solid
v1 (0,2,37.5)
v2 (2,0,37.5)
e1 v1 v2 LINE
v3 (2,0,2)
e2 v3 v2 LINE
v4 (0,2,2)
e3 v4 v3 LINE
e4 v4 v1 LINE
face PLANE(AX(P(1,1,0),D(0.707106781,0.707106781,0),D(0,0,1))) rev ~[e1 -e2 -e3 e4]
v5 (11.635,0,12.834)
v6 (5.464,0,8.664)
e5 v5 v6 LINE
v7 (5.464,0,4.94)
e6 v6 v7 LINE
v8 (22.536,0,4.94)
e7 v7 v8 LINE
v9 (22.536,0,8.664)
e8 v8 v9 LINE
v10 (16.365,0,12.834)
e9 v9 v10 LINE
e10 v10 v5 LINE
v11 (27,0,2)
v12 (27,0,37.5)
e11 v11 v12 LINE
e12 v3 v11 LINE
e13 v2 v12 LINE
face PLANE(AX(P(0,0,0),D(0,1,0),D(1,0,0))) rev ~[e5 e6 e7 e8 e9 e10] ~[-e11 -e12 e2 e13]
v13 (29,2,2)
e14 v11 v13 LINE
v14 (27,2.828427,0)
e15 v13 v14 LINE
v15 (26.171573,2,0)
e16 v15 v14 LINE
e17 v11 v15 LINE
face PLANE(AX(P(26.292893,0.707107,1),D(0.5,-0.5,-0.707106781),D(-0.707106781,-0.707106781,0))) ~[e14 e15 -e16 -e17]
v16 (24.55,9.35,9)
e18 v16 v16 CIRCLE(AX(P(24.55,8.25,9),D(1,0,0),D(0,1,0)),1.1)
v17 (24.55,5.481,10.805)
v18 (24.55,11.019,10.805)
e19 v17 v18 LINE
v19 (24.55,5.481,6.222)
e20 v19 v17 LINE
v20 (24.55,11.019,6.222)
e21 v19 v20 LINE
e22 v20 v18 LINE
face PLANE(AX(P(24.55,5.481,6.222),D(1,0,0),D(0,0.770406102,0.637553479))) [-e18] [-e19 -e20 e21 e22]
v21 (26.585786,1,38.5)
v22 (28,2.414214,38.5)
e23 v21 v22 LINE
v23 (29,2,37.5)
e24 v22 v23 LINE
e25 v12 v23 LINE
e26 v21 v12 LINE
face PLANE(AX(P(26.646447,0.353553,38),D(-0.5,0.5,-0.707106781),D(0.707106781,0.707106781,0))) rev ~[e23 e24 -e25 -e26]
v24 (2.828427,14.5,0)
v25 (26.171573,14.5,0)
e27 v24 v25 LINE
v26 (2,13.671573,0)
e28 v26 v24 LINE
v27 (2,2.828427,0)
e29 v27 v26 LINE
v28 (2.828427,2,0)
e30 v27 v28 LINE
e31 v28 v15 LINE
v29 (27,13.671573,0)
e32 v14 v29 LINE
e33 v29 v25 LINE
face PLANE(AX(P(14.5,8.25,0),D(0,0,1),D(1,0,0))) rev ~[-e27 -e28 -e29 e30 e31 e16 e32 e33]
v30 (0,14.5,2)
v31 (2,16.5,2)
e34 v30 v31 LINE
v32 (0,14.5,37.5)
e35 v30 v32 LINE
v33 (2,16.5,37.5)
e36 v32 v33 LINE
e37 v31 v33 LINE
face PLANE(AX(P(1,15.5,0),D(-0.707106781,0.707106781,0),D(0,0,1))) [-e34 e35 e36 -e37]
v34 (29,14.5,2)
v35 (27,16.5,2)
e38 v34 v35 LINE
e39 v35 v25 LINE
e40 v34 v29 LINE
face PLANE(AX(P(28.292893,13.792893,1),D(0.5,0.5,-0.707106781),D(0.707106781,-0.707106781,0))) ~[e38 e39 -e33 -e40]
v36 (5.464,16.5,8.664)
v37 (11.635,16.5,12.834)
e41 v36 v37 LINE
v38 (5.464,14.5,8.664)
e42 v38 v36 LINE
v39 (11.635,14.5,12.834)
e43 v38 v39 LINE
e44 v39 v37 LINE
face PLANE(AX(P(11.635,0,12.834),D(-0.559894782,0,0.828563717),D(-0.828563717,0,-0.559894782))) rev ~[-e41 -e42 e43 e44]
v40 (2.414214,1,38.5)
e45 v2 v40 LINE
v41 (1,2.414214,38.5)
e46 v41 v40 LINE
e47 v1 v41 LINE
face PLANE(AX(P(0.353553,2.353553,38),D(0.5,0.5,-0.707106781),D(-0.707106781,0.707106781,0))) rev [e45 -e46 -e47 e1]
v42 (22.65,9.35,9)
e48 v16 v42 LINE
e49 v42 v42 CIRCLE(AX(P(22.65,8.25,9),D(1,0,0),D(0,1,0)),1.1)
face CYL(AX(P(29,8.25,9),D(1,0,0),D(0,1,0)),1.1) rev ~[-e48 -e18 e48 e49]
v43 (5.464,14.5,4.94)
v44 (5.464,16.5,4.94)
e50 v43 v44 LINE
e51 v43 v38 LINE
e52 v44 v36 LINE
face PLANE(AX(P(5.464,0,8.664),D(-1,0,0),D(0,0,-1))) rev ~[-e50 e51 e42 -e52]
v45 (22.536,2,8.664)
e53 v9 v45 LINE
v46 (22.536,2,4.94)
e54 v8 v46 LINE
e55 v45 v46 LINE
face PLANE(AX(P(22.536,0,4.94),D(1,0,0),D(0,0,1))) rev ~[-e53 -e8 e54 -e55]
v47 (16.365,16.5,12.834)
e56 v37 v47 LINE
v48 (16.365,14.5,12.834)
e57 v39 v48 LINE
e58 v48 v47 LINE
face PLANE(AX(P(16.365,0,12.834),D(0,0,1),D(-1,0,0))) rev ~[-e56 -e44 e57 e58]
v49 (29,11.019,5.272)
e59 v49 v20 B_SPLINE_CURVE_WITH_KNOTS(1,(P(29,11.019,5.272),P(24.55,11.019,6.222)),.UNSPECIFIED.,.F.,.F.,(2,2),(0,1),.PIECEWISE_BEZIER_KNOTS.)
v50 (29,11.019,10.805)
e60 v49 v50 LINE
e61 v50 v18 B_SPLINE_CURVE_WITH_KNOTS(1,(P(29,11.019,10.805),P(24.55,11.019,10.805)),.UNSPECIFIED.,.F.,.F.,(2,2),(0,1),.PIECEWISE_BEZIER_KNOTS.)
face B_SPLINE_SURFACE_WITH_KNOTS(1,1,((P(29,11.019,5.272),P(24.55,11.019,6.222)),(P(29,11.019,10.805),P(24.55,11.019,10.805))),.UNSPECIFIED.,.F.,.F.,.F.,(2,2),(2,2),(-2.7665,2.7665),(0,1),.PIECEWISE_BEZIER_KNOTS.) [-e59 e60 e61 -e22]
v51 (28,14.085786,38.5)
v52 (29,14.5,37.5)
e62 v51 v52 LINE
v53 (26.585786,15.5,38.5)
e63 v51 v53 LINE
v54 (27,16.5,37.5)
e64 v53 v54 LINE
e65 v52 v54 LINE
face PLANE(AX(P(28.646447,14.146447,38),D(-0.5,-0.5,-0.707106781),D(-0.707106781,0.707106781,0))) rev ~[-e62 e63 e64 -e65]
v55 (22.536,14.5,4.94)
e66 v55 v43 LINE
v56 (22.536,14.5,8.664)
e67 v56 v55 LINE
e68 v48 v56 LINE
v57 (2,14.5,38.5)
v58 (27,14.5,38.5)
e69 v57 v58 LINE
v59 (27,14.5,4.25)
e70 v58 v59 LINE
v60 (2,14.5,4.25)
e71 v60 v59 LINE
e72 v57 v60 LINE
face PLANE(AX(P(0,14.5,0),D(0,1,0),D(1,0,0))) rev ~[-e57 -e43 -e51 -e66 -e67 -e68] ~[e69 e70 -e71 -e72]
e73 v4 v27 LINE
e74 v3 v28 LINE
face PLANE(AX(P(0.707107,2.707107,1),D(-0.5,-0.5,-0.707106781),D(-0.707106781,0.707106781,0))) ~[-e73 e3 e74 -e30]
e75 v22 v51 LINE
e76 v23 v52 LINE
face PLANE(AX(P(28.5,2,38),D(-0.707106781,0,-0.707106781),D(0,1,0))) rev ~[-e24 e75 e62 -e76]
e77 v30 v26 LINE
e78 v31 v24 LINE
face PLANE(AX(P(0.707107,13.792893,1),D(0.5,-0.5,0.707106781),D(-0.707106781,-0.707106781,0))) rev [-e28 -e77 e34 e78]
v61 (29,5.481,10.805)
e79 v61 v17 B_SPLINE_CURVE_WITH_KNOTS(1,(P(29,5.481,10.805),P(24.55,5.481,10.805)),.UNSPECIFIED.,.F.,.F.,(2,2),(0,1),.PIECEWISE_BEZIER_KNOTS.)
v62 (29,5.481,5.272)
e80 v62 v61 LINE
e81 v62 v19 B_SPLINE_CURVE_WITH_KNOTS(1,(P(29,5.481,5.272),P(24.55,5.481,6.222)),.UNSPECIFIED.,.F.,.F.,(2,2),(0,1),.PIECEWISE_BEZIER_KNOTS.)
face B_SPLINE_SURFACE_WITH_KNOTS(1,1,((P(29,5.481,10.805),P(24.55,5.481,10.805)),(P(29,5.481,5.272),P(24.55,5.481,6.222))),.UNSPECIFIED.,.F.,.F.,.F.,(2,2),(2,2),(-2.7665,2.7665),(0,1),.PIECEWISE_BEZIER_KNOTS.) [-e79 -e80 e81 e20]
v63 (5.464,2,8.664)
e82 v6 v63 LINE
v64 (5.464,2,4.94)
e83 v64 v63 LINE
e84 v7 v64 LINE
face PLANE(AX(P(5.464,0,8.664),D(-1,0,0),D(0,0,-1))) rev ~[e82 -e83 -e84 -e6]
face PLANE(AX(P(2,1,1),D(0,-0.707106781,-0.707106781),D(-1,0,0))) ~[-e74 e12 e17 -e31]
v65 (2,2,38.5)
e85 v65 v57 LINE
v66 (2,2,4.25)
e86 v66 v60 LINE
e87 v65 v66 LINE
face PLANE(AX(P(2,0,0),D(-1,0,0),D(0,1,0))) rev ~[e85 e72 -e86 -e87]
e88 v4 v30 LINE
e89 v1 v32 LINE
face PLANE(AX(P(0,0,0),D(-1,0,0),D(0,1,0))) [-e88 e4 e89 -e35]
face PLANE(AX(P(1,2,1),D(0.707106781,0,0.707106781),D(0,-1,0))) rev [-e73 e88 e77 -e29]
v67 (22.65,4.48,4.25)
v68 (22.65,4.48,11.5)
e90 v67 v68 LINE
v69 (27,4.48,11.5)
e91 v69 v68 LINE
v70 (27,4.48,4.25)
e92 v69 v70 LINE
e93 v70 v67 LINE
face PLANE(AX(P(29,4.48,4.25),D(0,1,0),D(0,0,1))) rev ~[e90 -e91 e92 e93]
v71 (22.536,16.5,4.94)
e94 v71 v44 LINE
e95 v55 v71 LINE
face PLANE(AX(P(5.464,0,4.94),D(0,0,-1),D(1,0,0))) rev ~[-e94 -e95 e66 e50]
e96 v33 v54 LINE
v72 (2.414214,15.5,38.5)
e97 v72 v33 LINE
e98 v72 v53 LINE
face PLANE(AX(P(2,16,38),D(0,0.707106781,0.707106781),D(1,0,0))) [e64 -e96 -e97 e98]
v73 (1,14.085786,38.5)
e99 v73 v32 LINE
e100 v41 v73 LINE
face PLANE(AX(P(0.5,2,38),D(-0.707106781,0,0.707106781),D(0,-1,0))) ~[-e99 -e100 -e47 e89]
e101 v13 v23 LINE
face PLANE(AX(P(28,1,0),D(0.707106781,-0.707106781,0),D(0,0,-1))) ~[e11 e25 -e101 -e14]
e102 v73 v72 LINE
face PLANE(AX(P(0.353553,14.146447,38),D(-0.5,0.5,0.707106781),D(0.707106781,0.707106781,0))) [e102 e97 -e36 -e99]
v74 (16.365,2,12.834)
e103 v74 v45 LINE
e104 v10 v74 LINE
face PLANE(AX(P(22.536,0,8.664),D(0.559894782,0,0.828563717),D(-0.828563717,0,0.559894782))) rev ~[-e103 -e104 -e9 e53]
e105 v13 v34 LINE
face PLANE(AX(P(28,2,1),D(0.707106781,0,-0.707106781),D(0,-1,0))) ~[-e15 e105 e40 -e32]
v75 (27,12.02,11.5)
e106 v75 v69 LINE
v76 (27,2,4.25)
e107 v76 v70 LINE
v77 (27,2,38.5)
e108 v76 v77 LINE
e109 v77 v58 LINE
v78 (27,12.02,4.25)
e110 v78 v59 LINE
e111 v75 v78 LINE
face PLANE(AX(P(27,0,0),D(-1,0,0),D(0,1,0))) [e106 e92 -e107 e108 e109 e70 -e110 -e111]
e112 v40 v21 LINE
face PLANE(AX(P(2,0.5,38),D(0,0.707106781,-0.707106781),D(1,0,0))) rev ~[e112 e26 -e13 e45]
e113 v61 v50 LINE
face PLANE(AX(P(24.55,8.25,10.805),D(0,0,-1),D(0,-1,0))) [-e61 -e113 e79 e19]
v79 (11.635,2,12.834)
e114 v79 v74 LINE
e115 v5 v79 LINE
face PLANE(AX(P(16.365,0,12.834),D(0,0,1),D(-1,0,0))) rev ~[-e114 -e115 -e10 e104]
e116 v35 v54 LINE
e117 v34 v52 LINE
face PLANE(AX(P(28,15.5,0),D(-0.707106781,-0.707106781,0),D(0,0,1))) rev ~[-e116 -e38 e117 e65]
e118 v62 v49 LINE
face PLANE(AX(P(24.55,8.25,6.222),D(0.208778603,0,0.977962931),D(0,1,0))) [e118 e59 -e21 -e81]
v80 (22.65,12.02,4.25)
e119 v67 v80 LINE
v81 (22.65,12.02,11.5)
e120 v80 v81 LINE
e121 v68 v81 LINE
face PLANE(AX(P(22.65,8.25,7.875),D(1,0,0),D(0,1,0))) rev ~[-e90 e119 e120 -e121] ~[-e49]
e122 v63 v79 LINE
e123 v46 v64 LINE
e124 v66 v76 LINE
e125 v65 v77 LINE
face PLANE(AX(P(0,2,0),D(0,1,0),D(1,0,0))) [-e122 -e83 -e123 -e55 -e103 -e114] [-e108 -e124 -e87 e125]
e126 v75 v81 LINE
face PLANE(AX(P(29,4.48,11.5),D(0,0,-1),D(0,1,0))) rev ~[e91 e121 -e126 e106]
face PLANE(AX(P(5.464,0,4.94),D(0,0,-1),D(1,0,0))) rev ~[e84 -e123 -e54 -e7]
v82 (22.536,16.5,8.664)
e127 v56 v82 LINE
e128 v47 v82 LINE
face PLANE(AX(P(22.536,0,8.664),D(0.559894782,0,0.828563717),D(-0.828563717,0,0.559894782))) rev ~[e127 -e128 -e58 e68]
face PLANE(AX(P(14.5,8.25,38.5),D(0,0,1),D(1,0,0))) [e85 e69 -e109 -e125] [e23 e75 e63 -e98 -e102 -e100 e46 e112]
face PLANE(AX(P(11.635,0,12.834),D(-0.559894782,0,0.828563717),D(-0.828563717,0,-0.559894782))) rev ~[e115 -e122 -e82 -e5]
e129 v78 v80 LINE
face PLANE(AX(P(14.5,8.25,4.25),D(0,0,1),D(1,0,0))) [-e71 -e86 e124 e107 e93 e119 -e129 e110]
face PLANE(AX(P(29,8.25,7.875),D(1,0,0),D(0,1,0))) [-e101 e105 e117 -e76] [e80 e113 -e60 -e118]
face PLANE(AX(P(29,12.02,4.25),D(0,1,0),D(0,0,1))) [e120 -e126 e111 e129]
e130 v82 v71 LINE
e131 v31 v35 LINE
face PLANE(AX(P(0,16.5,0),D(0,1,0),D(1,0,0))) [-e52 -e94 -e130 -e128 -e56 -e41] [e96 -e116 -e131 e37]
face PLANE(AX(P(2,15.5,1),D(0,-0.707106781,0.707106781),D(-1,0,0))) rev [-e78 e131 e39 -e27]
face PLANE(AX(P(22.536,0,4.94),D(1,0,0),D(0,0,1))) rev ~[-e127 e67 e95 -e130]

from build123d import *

# Parameters (mm, degrees)
F0_W      = 29
F0_H      = 16.5
F1_DEPTH  = 38.5
F2_T      = -2
F3_DEPTH  = 2.25
F4_SIZE   = 2
F5_SIZE   = 2
F6_SIZE   = 1
F8_DEPTH  = 16.501
F9_W      = 7.54
F9_H      = 7.25
F9_R      = 1.1
F10_DEPTH = 6.35
F11_W     = 5.538
F11_H     = 5.533
F13_W     = 5.538
F13_H     = 4.583


with BuildPart() as f1:
    # F0 (on Top) → F1 (new body)
    with BuildSketch(Plane.XY):
        with Locations((14.5, 8.25)):
            Rectangle(F0_W, F0_H)
    extrude(amount=F1_DEPTH)

    # F2
    f2_openings = [f1.faces().sort_by_distance(p)[0] for p in [
        (14.5, 8.25, 38.5),
    ]]
    offset(amount=F2_T, openings=f2_openings)

    # F3 (add): a face of the model
    f3_faces = [f1.faces().sort_by_distance(p)[0] for p in [
        (14.5, 8.25, 2),
    ]]
    extrude(f3_faces, amount=F3_DEPTH)

    # F4
    f4_edges = [f1.edges().sort_by_distance(p)[0] for p in [
        (29, 0, 19.25),
        (29, 16.5, 19.25),
        (0, 0, 19.25),
        (0, 16.5, 19.25),
    ]]
    chamfer(f4_edges, length=F4_SIZE)

    # F5
    f5_edges = [f1.edges().sort_by_distance(p)[0] for p in [
        (0, 8.25, 0),
        (1, 15.5, 0),
        (1, 1, 0),
        (14.5, 16.5, 0),
        (14.5, 0, 0),
        (28, 15.5, 0),
        (28, 1, 0),
        (29, 8.25, 0),
    ]]
    chamfer(f5_edges, length=F5_SIZE)

    # F6
    f6_edges = [f1.edges().sort_by_distance(p)[0] for p in [
        (14.5, 16.5, 38.5),
        (1, 15.5, 38.5),
        (0, 8.25, 38.5),
        (1, 1, 38.5),
        (14.5, 0, 38.5),
        (28, 1, 38.5),
        (29, 8.25, 38.5),
        (28, 15.5, 38.5),
    ]]
    chamfer(f6_edges, length=F6_SIZE)

    # F7 (on face) → F8 (cut, through all)
    with BuildSketch(Plane.XZ):
        Polygon((5.464, 4.94), (22.536, 4.94), (22.536, 8.664), (16.365, 12.834), (11.635, 12.834), (5.464, 8.664), align=None)
    extrude(amount=-F8_DEPTH, mode=Mode.SUBTRACT)

    # F9 (on face) → F10 (join)
    with BuildSketch(Plane.YZ.offset(29)):
        with Locations((8.25, 7.875)):
            Rectangle(F9_W, F9_H)
        with Locations((8.25, 9)):
            Circle(F9_R, mode=Mode.SUBTRACT)
    extrude(amount=-F10_DEPTH)

    # F11 (on face) → F14 section 0
    with BuildSketch(Plane.YZ.offset(29)):
        with Locations((8.25, 8.0385)):
            Rectangle(F11_W, F11_H)
    # F13 (on offset) → F14 section 1
    with BuildSketch(Plane.YZ.offset(24.55)):
        with Locations((8.25, 8.5135)):
            Rectangle(F13_W, F13_H)
    loft(mode=Mode.SUBTRACT)


solid = f1.part
